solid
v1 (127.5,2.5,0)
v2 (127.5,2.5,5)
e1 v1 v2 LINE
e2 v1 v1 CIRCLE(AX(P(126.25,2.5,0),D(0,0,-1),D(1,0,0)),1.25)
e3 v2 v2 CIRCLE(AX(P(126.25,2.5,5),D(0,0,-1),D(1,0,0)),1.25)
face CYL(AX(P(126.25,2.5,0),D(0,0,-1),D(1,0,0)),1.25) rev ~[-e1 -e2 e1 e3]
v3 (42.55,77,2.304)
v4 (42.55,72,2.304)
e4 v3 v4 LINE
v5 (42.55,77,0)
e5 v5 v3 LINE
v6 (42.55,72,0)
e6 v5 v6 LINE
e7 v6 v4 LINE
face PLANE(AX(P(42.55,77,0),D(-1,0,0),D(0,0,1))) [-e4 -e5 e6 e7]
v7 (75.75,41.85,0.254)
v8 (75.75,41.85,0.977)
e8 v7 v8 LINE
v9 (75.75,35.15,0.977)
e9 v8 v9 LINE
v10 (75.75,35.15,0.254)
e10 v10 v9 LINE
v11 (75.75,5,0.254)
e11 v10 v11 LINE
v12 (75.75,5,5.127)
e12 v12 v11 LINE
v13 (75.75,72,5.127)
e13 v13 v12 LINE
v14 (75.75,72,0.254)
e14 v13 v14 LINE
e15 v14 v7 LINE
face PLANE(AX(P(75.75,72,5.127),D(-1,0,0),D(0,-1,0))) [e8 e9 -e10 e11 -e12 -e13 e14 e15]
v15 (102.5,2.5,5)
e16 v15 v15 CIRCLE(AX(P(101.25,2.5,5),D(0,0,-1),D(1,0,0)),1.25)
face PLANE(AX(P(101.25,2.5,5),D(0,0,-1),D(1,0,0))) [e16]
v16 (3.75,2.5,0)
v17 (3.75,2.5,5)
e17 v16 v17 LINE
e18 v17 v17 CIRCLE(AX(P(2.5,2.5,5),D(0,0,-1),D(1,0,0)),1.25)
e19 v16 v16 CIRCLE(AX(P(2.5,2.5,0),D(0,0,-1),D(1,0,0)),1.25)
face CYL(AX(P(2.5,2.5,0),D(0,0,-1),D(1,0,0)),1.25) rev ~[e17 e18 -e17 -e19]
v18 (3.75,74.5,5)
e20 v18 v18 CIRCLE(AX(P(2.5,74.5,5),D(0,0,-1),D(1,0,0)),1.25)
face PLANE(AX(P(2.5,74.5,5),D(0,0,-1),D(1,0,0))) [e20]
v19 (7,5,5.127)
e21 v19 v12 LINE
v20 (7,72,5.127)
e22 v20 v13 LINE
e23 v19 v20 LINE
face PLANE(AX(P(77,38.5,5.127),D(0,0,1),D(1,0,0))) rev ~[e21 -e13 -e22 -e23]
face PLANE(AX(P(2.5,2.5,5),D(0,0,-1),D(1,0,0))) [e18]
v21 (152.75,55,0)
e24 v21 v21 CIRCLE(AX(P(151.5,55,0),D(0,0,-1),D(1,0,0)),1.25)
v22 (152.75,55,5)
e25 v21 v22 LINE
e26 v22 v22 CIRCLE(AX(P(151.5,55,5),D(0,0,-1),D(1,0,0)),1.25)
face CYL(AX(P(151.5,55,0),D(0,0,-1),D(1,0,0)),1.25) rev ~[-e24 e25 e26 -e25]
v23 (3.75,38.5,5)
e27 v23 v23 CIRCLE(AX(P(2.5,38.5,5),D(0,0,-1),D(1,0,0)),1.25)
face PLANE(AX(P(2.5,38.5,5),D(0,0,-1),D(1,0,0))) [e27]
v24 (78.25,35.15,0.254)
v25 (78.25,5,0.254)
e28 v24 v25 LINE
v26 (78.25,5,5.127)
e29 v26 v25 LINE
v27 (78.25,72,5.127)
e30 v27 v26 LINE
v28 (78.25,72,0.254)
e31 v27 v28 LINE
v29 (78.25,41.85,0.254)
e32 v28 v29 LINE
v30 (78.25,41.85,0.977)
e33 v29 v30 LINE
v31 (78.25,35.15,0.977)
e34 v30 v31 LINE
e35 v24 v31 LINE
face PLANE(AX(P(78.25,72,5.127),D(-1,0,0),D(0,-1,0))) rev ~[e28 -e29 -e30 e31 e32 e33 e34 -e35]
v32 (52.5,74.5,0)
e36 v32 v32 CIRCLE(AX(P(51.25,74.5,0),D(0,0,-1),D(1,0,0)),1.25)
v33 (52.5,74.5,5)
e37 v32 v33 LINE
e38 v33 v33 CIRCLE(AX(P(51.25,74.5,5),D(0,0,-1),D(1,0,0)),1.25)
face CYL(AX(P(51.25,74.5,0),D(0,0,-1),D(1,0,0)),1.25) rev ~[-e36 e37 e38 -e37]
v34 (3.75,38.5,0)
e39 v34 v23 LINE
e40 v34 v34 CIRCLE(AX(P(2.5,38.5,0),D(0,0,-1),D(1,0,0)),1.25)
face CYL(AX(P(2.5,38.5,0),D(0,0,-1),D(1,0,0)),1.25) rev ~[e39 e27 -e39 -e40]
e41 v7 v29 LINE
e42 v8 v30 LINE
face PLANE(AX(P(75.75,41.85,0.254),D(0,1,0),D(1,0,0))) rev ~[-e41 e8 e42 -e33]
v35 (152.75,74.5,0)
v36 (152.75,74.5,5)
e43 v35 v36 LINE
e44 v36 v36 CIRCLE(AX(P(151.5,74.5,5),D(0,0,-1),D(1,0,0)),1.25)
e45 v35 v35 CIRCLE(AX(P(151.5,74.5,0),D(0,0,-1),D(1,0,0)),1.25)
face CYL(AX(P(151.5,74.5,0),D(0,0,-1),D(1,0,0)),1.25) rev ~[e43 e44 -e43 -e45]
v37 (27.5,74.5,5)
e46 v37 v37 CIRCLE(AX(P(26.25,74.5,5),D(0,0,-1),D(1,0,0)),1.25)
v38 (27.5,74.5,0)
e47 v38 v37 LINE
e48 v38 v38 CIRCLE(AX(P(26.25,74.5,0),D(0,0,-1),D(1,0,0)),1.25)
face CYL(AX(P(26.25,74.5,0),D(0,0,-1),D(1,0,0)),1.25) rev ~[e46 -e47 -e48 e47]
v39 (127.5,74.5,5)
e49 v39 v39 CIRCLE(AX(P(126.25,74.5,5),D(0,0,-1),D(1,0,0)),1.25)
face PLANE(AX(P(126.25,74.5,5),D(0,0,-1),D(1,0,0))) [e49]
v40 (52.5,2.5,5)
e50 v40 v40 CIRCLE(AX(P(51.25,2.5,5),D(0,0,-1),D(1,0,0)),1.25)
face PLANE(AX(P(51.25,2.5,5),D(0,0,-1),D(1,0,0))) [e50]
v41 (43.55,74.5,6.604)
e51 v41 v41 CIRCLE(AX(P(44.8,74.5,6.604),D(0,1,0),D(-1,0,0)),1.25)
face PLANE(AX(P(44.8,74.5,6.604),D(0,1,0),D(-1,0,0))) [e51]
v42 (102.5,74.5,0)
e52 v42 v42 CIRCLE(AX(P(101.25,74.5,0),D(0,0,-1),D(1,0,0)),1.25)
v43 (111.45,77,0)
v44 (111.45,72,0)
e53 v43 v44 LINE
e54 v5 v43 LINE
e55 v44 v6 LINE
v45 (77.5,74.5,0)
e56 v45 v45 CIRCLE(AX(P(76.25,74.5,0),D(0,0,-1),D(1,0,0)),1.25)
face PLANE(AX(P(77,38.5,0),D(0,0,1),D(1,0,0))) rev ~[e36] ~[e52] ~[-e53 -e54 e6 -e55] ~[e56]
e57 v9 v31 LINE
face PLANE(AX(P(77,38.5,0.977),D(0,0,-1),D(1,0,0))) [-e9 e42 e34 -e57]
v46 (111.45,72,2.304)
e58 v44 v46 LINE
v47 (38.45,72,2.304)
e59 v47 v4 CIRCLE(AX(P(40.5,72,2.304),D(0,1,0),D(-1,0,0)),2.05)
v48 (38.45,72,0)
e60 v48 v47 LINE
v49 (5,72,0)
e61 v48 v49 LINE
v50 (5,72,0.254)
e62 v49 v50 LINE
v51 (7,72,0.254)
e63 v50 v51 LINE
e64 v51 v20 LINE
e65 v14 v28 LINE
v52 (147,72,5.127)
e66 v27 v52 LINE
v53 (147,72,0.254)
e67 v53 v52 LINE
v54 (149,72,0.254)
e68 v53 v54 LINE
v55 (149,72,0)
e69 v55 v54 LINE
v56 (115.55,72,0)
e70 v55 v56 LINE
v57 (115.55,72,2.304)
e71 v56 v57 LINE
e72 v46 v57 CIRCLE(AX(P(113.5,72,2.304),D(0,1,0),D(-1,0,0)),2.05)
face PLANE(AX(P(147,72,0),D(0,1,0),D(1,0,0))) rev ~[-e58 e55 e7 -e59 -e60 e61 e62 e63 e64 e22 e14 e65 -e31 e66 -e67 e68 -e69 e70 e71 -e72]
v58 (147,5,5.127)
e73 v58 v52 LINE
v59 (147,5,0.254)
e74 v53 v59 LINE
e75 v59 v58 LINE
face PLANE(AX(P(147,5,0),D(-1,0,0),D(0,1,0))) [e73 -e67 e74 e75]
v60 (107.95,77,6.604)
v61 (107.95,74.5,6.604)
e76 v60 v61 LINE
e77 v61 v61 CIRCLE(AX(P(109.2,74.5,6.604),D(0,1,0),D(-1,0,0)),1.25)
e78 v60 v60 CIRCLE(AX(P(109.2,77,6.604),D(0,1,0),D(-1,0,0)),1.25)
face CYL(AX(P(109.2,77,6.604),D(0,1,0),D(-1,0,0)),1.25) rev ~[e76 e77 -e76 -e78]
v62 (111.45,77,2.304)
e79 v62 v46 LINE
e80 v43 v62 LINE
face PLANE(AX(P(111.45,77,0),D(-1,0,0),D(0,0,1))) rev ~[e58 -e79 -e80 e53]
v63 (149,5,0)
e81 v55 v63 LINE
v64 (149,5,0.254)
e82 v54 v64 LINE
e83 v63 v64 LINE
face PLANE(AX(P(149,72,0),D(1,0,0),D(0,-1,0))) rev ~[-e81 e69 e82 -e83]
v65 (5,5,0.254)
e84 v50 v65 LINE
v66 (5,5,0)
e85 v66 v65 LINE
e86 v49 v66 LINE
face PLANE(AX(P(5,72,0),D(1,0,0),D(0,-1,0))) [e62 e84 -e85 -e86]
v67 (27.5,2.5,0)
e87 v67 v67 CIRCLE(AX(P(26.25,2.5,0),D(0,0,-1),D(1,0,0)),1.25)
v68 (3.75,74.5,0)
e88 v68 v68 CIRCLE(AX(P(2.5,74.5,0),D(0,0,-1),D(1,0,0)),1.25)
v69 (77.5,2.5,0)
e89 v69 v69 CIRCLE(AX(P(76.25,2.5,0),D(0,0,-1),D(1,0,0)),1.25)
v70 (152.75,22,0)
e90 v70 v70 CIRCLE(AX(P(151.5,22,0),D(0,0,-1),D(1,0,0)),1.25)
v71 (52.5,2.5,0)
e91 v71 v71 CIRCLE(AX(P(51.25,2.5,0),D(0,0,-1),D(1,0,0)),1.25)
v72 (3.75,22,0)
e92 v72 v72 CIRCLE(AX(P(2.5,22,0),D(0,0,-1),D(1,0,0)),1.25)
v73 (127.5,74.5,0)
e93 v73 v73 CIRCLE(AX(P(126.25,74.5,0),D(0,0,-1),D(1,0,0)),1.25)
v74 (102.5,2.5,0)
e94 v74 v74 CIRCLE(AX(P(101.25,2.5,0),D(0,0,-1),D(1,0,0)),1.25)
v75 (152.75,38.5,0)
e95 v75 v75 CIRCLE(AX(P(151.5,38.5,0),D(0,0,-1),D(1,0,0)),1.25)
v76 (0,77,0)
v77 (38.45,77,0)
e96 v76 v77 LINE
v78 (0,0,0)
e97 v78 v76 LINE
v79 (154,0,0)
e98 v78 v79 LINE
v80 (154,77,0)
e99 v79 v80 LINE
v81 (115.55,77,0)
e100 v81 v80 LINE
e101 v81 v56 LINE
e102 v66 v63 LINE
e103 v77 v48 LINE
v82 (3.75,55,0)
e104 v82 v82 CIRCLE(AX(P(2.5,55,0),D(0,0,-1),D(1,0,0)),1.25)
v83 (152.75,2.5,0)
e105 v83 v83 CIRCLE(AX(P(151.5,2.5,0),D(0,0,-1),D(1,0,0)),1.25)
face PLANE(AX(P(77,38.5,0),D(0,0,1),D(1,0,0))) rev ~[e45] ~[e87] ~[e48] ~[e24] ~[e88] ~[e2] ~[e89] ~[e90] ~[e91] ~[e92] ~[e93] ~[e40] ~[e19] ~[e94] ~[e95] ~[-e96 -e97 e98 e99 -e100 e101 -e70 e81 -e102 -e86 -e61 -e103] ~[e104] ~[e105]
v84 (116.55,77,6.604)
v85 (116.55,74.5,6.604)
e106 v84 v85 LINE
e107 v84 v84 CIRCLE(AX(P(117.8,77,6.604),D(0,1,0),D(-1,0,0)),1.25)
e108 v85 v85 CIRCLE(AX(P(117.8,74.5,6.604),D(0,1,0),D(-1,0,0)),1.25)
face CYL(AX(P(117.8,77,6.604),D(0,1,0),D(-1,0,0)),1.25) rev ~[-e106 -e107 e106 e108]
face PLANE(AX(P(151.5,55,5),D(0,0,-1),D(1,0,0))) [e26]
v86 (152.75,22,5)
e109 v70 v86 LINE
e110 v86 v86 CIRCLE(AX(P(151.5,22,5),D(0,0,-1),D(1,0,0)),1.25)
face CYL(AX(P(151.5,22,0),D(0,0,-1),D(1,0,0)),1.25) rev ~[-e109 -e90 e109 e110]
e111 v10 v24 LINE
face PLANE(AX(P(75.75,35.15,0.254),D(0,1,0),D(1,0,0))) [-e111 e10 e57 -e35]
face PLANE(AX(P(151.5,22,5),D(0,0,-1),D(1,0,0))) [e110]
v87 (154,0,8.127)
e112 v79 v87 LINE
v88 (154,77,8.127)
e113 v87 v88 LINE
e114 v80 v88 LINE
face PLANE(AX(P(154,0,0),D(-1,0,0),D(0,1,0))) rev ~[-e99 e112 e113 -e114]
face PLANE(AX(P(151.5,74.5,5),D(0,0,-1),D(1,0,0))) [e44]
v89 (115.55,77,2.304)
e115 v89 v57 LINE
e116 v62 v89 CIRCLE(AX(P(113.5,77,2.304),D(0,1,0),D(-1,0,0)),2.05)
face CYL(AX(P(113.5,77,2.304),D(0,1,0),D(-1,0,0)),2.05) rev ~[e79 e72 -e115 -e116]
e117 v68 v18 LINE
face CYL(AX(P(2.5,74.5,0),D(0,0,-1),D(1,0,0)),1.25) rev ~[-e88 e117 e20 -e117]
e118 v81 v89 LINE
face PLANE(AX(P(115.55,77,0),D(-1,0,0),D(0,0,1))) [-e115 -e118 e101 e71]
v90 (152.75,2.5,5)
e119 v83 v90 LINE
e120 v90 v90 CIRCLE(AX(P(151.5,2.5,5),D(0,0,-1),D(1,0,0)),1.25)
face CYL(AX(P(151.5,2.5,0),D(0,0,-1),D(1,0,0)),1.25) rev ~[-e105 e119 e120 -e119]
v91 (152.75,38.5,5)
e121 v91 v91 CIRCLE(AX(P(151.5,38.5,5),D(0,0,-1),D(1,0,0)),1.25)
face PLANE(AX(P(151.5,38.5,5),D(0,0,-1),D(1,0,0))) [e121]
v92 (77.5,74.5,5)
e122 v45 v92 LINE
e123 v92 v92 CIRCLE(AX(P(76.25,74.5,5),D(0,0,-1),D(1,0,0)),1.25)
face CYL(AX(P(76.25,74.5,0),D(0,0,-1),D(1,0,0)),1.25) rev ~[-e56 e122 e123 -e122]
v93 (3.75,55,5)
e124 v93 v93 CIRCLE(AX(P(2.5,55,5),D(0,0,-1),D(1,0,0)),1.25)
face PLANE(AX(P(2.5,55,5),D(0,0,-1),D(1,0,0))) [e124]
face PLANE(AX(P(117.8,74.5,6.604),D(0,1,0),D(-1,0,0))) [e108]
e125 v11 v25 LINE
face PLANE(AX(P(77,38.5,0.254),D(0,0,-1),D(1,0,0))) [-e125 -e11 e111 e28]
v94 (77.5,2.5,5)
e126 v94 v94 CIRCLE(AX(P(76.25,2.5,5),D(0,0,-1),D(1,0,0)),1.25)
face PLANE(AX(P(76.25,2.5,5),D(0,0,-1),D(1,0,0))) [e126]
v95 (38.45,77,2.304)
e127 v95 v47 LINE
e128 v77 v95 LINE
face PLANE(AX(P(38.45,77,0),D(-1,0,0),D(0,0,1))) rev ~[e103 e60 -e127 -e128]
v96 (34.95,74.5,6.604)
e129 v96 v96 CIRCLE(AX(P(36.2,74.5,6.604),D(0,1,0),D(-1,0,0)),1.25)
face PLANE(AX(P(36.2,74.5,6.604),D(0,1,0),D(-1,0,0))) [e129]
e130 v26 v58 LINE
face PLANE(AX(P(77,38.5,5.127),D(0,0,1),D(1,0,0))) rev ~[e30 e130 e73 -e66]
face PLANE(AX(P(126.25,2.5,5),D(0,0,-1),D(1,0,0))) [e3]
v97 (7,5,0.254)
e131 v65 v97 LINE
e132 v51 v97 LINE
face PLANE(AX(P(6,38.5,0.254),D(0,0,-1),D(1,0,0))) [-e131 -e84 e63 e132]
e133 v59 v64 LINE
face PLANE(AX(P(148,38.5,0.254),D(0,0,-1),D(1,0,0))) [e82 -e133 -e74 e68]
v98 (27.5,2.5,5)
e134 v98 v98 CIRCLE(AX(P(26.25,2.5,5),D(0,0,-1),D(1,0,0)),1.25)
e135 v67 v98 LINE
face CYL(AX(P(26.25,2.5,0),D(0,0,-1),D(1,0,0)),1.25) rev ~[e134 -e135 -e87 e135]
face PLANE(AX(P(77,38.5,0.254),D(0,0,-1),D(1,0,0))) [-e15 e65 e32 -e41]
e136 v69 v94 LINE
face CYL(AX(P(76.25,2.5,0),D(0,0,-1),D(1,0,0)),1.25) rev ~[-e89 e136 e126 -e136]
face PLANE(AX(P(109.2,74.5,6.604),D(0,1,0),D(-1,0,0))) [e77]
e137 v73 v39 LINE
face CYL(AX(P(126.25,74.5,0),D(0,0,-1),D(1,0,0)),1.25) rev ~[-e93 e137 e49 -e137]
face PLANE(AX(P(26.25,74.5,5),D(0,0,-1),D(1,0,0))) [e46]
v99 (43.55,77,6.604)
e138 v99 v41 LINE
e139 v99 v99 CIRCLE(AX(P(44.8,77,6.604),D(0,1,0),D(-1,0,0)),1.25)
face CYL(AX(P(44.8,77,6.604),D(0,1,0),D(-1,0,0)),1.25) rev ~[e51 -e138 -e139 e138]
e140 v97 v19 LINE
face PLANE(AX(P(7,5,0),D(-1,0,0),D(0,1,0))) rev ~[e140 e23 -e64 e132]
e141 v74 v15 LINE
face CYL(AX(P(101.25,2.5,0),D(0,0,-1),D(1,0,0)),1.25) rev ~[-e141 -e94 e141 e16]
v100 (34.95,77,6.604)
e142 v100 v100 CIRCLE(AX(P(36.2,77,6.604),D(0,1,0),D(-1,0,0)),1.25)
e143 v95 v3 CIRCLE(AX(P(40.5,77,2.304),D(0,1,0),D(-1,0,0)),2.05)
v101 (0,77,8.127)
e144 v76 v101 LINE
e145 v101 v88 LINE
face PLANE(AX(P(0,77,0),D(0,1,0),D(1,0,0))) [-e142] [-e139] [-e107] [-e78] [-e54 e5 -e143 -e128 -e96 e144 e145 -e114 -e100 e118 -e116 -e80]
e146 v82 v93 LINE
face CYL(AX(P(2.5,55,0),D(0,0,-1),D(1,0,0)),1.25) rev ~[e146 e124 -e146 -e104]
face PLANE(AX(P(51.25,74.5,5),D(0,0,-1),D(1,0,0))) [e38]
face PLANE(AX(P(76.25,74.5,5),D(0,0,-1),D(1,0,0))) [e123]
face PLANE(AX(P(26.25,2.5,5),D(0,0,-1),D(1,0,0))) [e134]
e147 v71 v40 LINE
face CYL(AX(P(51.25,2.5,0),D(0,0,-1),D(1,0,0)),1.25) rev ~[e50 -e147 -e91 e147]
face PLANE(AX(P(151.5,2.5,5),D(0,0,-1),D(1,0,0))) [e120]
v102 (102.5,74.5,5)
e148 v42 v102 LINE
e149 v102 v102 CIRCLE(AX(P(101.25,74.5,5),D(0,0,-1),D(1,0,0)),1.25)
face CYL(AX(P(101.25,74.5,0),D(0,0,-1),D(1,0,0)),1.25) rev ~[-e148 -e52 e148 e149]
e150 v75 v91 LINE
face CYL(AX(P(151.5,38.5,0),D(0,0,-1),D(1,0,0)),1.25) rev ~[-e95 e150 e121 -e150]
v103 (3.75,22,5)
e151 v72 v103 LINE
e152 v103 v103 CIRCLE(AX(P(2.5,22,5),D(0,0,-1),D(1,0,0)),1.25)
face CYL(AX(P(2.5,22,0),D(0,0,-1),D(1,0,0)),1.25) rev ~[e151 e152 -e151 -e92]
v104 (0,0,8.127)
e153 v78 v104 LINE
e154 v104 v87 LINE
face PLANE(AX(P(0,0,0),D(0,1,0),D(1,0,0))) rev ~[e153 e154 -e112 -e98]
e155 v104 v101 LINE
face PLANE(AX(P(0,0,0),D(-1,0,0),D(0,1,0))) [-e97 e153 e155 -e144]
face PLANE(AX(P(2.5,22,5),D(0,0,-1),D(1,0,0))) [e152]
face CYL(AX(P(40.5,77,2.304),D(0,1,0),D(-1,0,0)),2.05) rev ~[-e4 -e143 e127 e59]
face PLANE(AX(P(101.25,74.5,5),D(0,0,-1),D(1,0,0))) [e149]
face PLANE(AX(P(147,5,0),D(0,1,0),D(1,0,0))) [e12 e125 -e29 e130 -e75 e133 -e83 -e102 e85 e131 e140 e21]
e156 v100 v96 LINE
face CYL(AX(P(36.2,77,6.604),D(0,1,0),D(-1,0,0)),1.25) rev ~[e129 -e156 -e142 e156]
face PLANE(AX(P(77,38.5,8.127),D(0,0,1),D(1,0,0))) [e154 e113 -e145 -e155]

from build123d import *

# Parameters (mm, degrees)
F0_W      = 154
F0_H      = 77
F1_DEPTH  = 8.127
F3_R      = 1.25
F4_DEPTH  = 5
F5_R      = 1.25
F6_DEPTH  = 5
F7_R      = 1.25
F8_DEPTH  = 5
F9_R      = 1.25
F10_DEPTH = 5
F11_R     = 1.25
F12_DEPTH = 5
F13_R     = 1.25
F14_DEPTH = 5
F15_R     = 1.25
F16_DEPTH = 5
F17_R     = 1.25
F18_DEPTH = 5
F19_R     = 1.25
F20_DEPTH = 5
F21_R     = 1.25
F22_DEPTH = 5
F23_R     = 1.25
F24_DEPTH = 5
F25_R     = 1.25
F26_DEPTH = 5
F27_R     = 1.25
F28_DEPTH = 5
F29_R     = 1.25
F30_DEPTH = 5
F31_R     = 1.25
F32_DEPTH = 5
F33_R     = 1.25
F34_DEPTH = 5
F35_R     = 1.25
F36_DEPTH = 5
F37_R     = 1.25
F38_DEPTH = 5
F39_R     = 1.25
F40_DEPTH = 5
F41_R     = 1.25
F42_DEPTH = 5
F2_W      = 140
F2_H      = 67
F43_DEPTH = 5.127
F45_W     = 2
F45_H     = 67
F46_DEPTH = 0.254
F47_W     = 2
F47_H     = 67
F48_DEPTH = 0.254
F49_R     = 2.05
F50_DEPTH = 5
F51_R     = 2.05
F52_DEPTH = 5
F53_W     = 4.1
F53_H     = 2.304
F54_DEPTH = 5
F55_W     = 4.1
F55_H     = 2.304
F56_DEPTH = 5
F57_R     = 1.25
F58_DEPTH = 2.5
F44_W     = 2.5
F44_H     = 67
F59_DEPTH = 4.873
F60_W     = 2.5
F60_H     = 6.7
F61_DEPTH = 0.723


with BuildPart() as f1:
    # F0 (on Top) → F1 (new body)
    with BuildSketch(Plane.XY):
        with Locations((77, 38.5)):
            Rectangle(F0_W, F0_H)
    extrude(amount=F1_DEPTH)

    # F3 (on face) → F4 (cut)
    with BuildSketch(Plane(origin=(0, 0, 0), x_dir=(1, 0, 0), z_dir=(0, 0, -1))):
        with Locations((2.5, -2.5)):
            Circle(F3_R)
    extrude(amount=-F4_DEPTH, mode=Mode.SUBTRACT)

    # F5 (on face) → F6 (cut)
    with BuildSketch(Plane(origin=(0, 0, 0), x_dir=(1, 0, 0), z_dir=(0, 0, -1))):
        with Locations((2.5, -22)):
            Circle(F5_R)
    extrude(amount=-F6_DEPTH, mode=Mode.SUBTRACT)

    # F7 (on face) → F8 (cut)
    with BuildSketch(Plane(origin=(0, 0, 0), x_dir=(1, 0, 0), z_dir=(0, 0, -1))):
        with Locations((151.5, -2.5)):
            Circle(F7_R)
    extrude(amount=-F8_DEPTH, mode=Mode.SUBTRACT)

    # F9 (on face) → F10 (cut)
    with BuildSketch(Plane(origin=(0, 0, 0), x_dir=(1, 0, 0), z_dir=(0, 0, -1))):
        with Locations((151.5, -22)):
            Circle(F9_R)
    extrude(amount=-F10_DEPTH, mode=Mode.SUBTRACT)

    # F11 (on face) → F12 (cut)
    with BuildSketch(Plane(origin=(0, 0, 0), x_dir=(1, 0, 0), z_dir=(0, 0, -1))):
        with Locations((2.5, -38.5)):
            Circle(F11_R)
    extrude(amount=-F12_DEPTH, mode=Mode.SUBTRACT)

    # F13 (on face) → F14 (cut)
    with BuildSketch(Plane(origin=(0, 0, 0), x_dir=(1, 0, 0), z_dir=(0, 0, -1))):
        with Locations((151.5, -38.5)):
            Circle(F13_R)
    extrude(amount=-F14_DEPTH, mode=Mode.SUBTRACT)

    # F15 (on face) → F16 (cut)
    with BuildSketch(Plane(origin=(0, 0, 0), x_dir=(1, 0, 0), z_dir=(0, 0, -1))):
        with Locations((2.5, -55)):
            Circle(F15_R)
    extrude(amount=-F16_DEPTH, mode=Mode.SUBTRACT)

    # F17 (on face) → F18 (cut)
    with BuildSketch(Plane(origin=(0, 0, 0), x_dir=(1, 0, 0), z_dir=(0, 0, -1))):
        with Locations((151.5, -55)):
            Circle(F17_R)
    extrude(amount=-F18_DEPTH, mode=Mode.SUBTRACT)

    # F19 (on face) → F20 (cut)
    with BuildSketch(Plane(origin=(0, 0, 0), x_dir=(1, 0, 0), z_dir=(0, 0, -1))):
        with Locations((2.5, -74.5)):
            Circle(F19_R)
    extrude(amount=-F20_DEPTH, mode=Mode.SUBTRACT)

    # F21 (on face) → F22 (cut)
    with BuildSketch(Plane(origin=(0, 0, 0), x_dir=(1, 0, 0), z_dir=(0, 0, -1))):
        with Locations((151.5, -74.5)):
            Circle(F21_R)
    extrude(amount=-F22_DEPTH, mode=Mode.SUBTRACT)

    # F23 (on face) → F24 (cut)
    with BuildSketch(Plane(origin=(0, 0, 0), x_dir=(1, 0, 0), z_dir=(0, 0, -1))):
        with Locations((26.25, -2.5)):
            Circle(F23_R)
    extrude(amount=-F24_DEPTH, mode=Mode.SUBTRACT)

    # F25 (on face) → F26 (cut)
    with BuildSketch(Plane(origin=(0, 0, 0), x_dir=(1, 0, 0), z_dir=(0, 0, -1))):
        with Locations((26.25, -74.5)):
            Circle(F25_R)
    extrude(amount=-F26_DEPTH, mode=Mode.SUBTRACT)

    # F27 (on face) → F28 (cut)
    with BuildSketch(Plane(origin=(0, 0, 0), x_dir=(1, 0, 0), z_dir=(0, 0, -1))):
        with Locations((51.25, -2.5)):
            Circle(F27_R)
    extrude(amount=-F28_DEPTH, mode=Mode.SUBTRACT)

    # F29 (on face) → F30 (cut)
    with BuildSketch(Plane(origin=(0, 0, 0), x_dir=(1, 0, 0), z_dir=(0, 0, -1))):
        with Locations((76.25, -2.5)):
            Circle(F29_R)
    extrude(amount=-F30_DEPTH, mode=Mode.SUBTRACT)

    # F31 (on face) → F32 (cut)
    with BuildSketch(Plane(origin=(0, 0, 0), x_dir=(1, 0, 0), z_dir=(0, 0, -1))):
        with Locations((51.25, -74.5)):
            Circle(F31_R)
    extrude(amount=-F32_DEPTH, mode=Mode.SUBTRACT)

    # F33 (on face) → F34 (cut)
    with BuildSketch(Plane(origin=(0, 0, 0), x_dir=(1, 0, 0), z_dir=(0, 0, -1))):
        with Locations((101.25, -2.5)):
            Circle(F33_R)
    extrude(amount=-F34_DEPTH, mode=Mode.SUBTRACT)

    # F35 (on face) → F36 (cut)
    with BuildSketch(Plane(origin=(0, 0, 0), x_dir=(1, 0, 0), z_dir=(0, 0, -1))):
        with Locations((76.25, -74.5)):
            Circle(F35_R)
    extrude(amount=-F36_DEPTH, mode=Mode.SUBTRACT)

    # F37 (on face) → F38 (cut)
    with BuildSketch(Plane(origin=(0, 0, 0), x_dir=(1, 0, 0), z_dir=(0, 0, -1))):
        with Locations((126.25, -2.5)):
            Circle(F37_R)
    extrude(amount=-F38_DEPTH, mode=Mode.SUBTRACT)

    # F39 (on face) → F40 (cut)
    with BuildSketch(Plane(origin=(0, 0, 0), x_dir=(1, 0, 0), z_dir=(0, 0, -1))):
        with Locations((101.25, -74.5)):
            Circle(F39_R)
    extrude(amount=-F40_DEPTH, mode=Mode.SUBTRACT)

    # F41 (on face) → F42 (cut)
    with BuildSketch(Plane(origin=(0, 0, 0), x_dir=(1, 0, 0), z_dir=(0, 0, -1))):
        with Locations((126.25, -74.5)):
            Circle(F41_R)
    extrude(amount=-F42_DEPTH, mode=Mode.SUBTRACT)

    # F2 (on Top) → F43 (cut)
    with BuildSketch(Plane.XY):
        with Locations((77, 38.5)):
            Rectangle(F2_W, F2_H)
    extrude(amount=F43_DEPTH, mode=Mode.SUBTRACT)

    # F45 (on face) → F46 (cut)
    with BuildSketch(Plane(origin=(0, 0, 0), x_dir=(1, 0, 0), z_dir=(0, 0, -1))):
        with Locations((6, -38.5)):
            Rectangle(F45_W, F45_H)
    extrude(amount=-F46_DEPTH, mode=Mode.SUBTRACT)

    # F47 (on face) → F48 (cut)
    with BuildSketch(Plane(origin=(0, 0, 0), x_dir=(1, 0, 0), z_dir=(0, 0, -1))):
        with Locations((148, -38.5)):
            Rectangle(F47_W, F47_H)
    extrude(amount=-F48_DEPTH, mode=Mode.SUBTRACT)

    # F49 (on face) → F50 (cut)
    with BuildSketch(Plane(origin=(0, 77, 0), x_dir=(-1, 0, 0), z_dir=(0, 1, 0))):
        with Locations((-40.5, 2.304)):
            Circle(F49_R)
    extrude(amount=-F50_DEPTH, mode=Mode.SUBTRACT)

    # F51 (on face) → F52 (cut)
    with BuildSketch(Plane(origin=(0, 77, 0), x_dir=(-1, 0, 0), z_dir=(0, 1, 0))):
        with Locations((-113.5, 2.304)):
            Circle(F51_R)
    extrude(amount=-F52_DEPTH, mode=Mode.SUBTRACT)

    # F53 (on face) → F54 (cut)
    with BuildSketch(Plane(origin=(0, 77, 0), x_dir=(-1, 0, 0), z_dir=(0, 1, 0))):
        with Locations((-113.5, 1.152)):
            Rectangle(F53_W, F53_H)
    extrude(amount=-F54_DEPTH, mode=Mode.SUBTRACT)

    # F55 (on face) → F56 (cut)
    with BuildSketch(Plane(origin=(0, 77, 0), x_dir=(-1, 0, 0), z_dir=(0, 1, 0))):
        with Locations((-40.5, 1.152)):
            Rectangle(F55_W, F55_H)
    extrude(amount=-F56_DEPTH, mode=Mode.SUBTRACT)

    # F57 (on face) → F58 (cut)
    with BuildSketch(Plane(origin=(0, 77, 0), x_dir=(-1, 0, 0), z_dir=(0, 1, 0))):
        with Locations((-36.2, 6.604)):
            Circle(F57_R)
        with Locations((-44.8, 6.604)):
            Circle(F57_R)
        with Locations((-117.8, 6.604)):
            Circle(F57_R)
        with Locations((-109.2, 6.604)):
            Circle(F57_R)
    extrude(amount=-F58_DEPTH, mode=Mode.SUBTRACT)

    # F44 (on face) → F59 (join)
    with BuildSketch(Plane(origin=(0, 0, 5.127), x_dir=(1, 0, 0), z_dir=(0, 0, -1))):
        with Locations((77, -38.5)):
            Rectangle(F44_W, F44_H)
    extrude(amount=F59_DEPTH)

    # F60 (on face) → F61 (cut)
    with BuildSketch(Plane(origin=(0, 0, 0.254), x_dir=(1, 0, 0), z_dir=(0, 0, -1))):
        with Locations((77, -38.5)):
            Rectangle(F60_W, F60_H)
    extrude(amount=-F61_DEPTH, mode=Mode.SUBTRACT)


solid = f1.part
